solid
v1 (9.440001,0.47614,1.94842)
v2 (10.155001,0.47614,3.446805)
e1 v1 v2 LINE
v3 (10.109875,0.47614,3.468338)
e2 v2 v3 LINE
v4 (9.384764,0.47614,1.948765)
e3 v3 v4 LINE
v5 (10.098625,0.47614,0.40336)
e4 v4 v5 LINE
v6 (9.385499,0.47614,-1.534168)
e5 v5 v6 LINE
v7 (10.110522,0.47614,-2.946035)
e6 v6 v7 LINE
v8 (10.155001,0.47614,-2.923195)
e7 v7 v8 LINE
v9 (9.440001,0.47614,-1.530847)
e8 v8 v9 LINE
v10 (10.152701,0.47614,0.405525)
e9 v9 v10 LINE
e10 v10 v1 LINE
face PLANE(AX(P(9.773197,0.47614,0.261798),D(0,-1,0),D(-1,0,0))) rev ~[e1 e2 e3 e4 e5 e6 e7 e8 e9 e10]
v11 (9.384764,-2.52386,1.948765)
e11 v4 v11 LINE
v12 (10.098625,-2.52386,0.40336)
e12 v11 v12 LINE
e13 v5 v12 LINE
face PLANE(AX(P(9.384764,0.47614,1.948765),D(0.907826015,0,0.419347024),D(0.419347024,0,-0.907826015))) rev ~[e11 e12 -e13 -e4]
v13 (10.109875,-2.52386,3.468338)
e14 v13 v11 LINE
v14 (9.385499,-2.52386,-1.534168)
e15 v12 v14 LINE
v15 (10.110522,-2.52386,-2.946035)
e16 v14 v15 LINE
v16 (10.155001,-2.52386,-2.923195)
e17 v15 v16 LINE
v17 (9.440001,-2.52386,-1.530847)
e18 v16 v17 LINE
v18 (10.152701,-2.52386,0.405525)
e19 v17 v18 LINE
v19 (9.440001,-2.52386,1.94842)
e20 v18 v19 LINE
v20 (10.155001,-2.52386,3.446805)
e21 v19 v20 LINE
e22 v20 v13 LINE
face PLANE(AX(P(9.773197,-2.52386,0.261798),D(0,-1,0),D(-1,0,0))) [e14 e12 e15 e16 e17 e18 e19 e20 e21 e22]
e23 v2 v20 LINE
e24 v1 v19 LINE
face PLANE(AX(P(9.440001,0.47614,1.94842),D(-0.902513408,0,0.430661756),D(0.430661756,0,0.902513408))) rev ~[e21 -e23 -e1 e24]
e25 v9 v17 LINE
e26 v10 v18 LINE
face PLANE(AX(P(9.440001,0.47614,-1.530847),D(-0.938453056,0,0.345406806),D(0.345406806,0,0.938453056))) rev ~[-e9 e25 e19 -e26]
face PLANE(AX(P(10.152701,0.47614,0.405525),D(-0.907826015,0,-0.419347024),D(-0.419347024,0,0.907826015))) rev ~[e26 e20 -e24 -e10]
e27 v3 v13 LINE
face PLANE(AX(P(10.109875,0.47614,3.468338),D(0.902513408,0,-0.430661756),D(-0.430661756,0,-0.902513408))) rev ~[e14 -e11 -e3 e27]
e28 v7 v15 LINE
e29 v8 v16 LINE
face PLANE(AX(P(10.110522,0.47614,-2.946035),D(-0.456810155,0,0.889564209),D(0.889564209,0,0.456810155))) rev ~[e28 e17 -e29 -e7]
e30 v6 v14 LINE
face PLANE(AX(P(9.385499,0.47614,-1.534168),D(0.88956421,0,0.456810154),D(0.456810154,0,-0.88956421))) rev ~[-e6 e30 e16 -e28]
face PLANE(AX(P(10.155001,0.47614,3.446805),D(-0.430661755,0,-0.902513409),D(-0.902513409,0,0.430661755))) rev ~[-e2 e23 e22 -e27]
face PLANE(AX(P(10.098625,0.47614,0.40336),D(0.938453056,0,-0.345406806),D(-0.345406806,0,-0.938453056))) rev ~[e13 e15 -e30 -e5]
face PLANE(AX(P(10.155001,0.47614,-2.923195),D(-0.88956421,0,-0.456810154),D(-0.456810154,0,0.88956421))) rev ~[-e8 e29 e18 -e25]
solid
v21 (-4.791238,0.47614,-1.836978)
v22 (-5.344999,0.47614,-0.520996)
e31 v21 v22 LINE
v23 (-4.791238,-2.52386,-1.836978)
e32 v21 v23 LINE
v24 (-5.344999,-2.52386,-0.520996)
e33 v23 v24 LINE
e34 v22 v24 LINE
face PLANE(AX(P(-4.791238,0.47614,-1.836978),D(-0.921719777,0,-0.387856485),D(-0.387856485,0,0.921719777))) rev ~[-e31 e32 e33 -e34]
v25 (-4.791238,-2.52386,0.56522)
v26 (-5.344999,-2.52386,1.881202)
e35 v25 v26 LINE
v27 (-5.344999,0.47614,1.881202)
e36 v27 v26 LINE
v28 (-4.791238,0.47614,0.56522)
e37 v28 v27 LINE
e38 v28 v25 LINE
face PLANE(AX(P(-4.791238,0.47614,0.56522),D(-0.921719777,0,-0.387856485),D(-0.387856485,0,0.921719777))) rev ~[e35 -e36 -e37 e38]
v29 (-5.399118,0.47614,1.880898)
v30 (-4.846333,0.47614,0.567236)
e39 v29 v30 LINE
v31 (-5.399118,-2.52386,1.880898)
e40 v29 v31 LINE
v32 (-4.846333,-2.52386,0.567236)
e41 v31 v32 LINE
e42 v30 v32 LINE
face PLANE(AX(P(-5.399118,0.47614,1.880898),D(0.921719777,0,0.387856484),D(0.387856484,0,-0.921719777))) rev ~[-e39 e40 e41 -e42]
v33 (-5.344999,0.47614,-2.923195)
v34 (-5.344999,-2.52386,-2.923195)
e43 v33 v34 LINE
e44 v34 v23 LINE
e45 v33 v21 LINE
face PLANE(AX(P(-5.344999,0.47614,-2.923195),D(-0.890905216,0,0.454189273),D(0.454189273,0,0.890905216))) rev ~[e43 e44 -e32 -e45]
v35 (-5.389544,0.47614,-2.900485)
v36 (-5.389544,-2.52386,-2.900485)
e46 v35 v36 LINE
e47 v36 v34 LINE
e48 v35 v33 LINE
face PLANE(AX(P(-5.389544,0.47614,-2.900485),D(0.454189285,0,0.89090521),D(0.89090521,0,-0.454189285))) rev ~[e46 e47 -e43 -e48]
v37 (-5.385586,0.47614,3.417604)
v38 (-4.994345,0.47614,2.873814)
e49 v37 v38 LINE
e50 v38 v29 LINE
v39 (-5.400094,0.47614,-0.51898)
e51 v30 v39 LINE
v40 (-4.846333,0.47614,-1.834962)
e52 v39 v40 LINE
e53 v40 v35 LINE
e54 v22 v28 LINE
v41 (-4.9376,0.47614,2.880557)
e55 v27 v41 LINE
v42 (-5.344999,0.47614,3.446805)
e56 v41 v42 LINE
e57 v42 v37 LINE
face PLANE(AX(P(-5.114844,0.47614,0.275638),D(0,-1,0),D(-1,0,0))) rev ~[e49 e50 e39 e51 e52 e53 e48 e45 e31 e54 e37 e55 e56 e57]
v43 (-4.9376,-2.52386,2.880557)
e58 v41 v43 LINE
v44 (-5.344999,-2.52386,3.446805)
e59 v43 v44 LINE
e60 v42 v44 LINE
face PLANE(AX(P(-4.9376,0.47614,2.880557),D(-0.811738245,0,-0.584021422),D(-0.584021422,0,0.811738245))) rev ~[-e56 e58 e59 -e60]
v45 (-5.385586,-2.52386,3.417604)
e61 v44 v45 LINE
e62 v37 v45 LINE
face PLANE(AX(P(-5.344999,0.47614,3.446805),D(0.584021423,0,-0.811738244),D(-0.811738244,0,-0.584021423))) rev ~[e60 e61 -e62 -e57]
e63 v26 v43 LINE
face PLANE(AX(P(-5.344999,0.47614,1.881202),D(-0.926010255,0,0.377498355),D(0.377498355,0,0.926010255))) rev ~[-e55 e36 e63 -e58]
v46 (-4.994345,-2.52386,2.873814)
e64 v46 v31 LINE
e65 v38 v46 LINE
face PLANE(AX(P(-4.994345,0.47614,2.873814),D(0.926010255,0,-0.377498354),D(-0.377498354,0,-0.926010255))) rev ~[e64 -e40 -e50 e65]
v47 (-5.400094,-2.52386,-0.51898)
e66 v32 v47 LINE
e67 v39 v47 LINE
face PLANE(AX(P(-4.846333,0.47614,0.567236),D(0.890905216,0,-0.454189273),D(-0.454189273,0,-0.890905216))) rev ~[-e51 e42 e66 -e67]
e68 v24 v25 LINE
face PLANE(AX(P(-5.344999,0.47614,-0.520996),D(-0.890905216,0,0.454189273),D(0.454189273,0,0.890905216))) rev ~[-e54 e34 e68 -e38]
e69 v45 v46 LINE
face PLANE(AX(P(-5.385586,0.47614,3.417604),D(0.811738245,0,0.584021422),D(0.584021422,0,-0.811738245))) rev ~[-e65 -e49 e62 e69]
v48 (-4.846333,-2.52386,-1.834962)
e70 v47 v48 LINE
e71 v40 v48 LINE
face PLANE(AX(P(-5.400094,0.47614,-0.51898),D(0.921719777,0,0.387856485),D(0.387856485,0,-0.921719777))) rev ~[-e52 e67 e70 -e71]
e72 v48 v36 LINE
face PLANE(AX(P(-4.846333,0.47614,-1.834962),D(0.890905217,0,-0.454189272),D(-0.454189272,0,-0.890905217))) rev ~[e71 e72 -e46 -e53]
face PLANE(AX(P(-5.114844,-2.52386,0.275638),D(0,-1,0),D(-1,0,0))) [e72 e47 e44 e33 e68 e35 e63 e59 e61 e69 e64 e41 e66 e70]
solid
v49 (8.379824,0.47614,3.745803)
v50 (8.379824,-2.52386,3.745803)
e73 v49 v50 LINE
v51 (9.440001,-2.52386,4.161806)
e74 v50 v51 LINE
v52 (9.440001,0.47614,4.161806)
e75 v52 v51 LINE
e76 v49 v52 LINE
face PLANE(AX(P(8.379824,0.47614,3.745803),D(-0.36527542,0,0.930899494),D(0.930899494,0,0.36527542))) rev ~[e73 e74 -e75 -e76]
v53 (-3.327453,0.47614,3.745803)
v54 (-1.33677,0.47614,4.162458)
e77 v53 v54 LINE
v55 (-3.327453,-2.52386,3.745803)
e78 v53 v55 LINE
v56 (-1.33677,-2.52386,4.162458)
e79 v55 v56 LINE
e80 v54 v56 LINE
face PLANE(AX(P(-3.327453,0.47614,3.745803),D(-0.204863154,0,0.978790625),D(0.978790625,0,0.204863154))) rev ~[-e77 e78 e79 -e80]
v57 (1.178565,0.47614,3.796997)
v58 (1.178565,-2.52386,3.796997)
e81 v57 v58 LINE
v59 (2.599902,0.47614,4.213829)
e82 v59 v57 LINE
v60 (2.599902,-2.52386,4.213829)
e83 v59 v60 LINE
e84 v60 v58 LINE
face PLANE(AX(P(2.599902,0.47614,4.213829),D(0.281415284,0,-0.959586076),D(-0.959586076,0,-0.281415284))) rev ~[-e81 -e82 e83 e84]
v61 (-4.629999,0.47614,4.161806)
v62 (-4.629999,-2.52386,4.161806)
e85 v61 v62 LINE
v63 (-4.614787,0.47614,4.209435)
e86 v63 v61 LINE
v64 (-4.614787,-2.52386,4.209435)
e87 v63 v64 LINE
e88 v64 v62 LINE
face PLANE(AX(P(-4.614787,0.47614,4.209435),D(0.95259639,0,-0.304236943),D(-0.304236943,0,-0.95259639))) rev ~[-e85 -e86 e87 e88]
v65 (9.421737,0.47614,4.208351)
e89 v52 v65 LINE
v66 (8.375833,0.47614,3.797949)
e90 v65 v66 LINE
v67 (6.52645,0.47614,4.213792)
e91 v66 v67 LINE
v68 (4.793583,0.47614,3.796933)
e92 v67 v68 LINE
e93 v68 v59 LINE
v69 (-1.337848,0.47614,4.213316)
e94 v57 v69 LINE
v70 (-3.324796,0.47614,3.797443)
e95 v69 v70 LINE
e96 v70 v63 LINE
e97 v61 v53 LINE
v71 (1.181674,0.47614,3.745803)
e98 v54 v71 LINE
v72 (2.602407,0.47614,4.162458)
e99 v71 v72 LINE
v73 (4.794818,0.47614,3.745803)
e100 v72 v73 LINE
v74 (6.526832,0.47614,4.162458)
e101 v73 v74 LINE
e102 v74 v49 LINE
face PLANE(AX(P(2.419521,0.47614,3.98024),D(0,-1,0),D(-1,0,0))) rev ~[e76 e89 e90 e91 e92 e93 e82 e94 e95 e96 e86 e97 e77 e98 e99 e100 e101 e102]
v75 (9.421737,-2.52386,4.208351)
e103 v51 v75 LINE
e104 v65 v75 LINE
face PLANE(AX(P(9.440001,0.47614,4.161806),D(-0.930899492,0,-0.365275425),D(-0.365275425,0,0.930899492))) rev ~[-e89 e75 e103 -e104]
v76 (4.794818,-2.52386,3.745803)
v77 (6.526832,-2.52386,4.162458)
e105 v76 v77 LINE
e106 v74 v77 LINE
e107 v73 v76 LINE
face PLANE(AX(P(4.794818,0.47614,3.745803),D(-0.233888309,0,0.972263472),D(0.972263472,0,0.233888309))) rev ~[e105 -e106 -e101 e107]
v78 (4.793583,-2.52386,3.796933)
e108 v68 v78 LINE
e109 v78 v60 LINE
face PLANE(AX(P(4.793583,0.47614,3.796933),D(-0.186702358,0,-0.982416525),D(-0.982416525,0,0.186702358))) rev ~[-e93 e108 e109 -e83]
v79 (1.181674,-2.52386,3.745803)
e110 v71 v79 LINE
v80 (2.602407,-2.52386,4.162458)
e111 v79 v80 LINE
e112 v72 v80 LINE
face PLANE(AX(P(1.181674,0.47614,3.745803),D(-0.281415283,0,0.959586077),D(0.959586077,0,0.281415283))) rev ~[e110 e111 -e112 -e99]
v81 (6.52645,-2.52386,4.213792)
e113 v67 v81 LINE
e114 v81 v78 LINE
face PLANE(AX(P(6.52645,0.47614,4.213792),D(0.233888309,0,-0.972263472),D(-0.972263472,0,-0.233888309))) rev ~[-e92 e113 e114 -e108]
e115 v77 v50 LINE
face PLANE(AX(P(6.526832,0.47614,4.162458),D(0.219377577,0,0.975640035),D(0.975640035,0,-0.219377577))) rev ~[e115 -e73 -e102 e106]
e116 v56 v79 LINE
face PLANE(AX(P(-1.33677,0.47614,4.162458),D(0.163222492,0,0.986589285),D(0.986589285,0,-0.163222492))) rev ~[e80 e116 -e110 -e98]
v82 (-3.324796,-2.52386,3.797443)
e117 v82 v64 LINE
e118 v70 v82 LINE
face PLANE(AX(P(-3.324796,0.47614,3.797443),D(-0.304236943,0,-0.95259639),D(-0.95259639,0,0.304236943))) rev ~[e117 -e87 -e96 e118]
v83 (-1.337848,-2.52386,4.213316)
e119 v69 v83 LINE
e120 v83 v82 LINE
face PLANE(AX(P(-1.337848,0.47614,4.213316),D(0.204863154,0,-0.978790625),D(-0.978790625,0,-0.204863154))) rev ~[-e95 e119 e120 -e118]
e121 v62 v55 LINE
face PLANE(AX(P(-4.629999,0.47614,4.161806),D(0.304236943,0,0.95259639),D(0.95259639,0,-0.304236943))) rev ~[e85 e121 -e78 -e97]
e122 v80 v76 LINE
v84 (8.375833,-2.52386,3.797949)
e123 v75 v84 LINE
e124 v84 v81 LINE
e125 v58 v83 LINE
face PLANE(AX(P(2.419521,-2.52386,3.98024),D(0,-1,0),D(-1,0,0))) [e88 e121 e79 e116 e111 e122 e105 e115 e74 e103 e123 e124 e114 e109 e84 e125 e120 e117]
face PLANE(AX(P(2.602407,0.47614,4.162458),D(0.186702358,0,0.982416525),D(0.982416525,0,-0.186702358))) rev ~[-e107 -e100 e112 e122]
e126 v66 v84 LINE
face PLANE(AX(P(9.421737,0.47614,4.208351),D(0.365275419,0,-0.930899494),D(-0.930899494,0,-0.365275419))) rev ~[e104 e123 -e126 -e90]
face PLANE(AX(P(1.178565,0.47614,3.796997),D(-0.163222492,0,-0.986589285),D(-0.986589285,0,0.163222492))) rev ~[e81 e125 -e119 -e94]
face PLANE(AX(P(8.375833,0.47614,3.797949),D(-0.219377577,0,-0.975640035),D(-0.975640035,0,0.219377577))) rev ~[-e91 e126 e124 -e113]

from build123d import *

# Parameters (mm, degrees)
EXTRUDE_THIN10_START   = 0.47614
EXTRUDE_THIN10_DEPTH   = 3
EXTRUDE_THIN10_2_DEPTH = 3
EXTRUDE_THIN10_3_DEPTH = 3


with BuildPart() as part:
    # Sketch1 → Extrude-Thin10 (new body)
    with BuildSketch(Plane(origin=(0, 0, 0), x_dir=(1, 0, 0), z_dir=(0, 1, 0)).offset(EXTRUDE_THIN10_START)):
        Polygon((-5.344998837, 2.923194647), (-4.791238449, 1.836977847), (-5.344998837, 0.520996496), (-4.791238449, -0.565220304), (-5.344998837, -1.881201656), (-4.937600398, -2.880557356), (-5.344998837, -3.446805239), (-5.385585749, -3.417604168), (-4.994344658, -2.873813573), (-5.399117596, -1.880898273), (-4.846333276, -0.567236492), (-5.400093664, 0.518980307), (-4.846333276, 1.834961659), (-5.389544097, 2.900485183), align=None)
    extrude(amount=-EXTRUDE_THIN10_DEPTH)


with BuildPart() as body_2:
    # Sketch1 → Extrude-Thin10 2 (new body)
    with BuildSketch(Plane(origin=(0, 0, 0), x_dir=(1, 0, 0), z_dir=(0, 1, 0)).offset(EXTRUDE_THIN10_START)):
        Polygon((-4.629998684, -4.16180563), (-3.327453045, -3.745803105), (-1.336770496, -4.162457592), (1.181674404, -3.745803105), (2.602406923, -4.162457592), (4.794817652, -3.745803105), (6.526832136, -4.162457592), (8.379823695, -3.745803105), (9.440000534, -4.16180563), (9.421736763, -4.208350604), (8.375833249, -3.797948787), (6.526449725, -4.213791989), (4.793583387, -3.796932579), (2.599901518, -4.213828639), (1.17856535, -3.796997121), (-1.337848026, -4.213315511), (-3.324796084, -3.797442661), (-4.614786837, -4.209435449), align=None)
    extrude(amount=-EXTRUDE_THIN10_2_DEPTH)


with BuildPart() as body_3:
    # Sketch1 → Extrude-Thin10 3 (new body)
    with BuildSketch(Plane(origin=(0, 0, 0), x_dir=(1, 0, 0), z_dir=(0, 1, 0)).offset(EXTRUDE_THIN10_START)):
        Polygon((10.155000687, 2.923194647), (9.440000534, 1.530846994), (10.152701275, -0.405525353), (9.440000534, -1.948419986), (10.155000687, -3.446805239), (10.109875016, -3.468338327), (9.384764432, -1.948765215), (10.098625013, -0.403359694), (9.385498872, 1.534168444), (10.110522476, 2.946035155), align=None)
    extrude(amount=-EXTRUDE_THIN10_3_DEPTH)


solid = Compound([part.part, body_2.part, body_3.part])
